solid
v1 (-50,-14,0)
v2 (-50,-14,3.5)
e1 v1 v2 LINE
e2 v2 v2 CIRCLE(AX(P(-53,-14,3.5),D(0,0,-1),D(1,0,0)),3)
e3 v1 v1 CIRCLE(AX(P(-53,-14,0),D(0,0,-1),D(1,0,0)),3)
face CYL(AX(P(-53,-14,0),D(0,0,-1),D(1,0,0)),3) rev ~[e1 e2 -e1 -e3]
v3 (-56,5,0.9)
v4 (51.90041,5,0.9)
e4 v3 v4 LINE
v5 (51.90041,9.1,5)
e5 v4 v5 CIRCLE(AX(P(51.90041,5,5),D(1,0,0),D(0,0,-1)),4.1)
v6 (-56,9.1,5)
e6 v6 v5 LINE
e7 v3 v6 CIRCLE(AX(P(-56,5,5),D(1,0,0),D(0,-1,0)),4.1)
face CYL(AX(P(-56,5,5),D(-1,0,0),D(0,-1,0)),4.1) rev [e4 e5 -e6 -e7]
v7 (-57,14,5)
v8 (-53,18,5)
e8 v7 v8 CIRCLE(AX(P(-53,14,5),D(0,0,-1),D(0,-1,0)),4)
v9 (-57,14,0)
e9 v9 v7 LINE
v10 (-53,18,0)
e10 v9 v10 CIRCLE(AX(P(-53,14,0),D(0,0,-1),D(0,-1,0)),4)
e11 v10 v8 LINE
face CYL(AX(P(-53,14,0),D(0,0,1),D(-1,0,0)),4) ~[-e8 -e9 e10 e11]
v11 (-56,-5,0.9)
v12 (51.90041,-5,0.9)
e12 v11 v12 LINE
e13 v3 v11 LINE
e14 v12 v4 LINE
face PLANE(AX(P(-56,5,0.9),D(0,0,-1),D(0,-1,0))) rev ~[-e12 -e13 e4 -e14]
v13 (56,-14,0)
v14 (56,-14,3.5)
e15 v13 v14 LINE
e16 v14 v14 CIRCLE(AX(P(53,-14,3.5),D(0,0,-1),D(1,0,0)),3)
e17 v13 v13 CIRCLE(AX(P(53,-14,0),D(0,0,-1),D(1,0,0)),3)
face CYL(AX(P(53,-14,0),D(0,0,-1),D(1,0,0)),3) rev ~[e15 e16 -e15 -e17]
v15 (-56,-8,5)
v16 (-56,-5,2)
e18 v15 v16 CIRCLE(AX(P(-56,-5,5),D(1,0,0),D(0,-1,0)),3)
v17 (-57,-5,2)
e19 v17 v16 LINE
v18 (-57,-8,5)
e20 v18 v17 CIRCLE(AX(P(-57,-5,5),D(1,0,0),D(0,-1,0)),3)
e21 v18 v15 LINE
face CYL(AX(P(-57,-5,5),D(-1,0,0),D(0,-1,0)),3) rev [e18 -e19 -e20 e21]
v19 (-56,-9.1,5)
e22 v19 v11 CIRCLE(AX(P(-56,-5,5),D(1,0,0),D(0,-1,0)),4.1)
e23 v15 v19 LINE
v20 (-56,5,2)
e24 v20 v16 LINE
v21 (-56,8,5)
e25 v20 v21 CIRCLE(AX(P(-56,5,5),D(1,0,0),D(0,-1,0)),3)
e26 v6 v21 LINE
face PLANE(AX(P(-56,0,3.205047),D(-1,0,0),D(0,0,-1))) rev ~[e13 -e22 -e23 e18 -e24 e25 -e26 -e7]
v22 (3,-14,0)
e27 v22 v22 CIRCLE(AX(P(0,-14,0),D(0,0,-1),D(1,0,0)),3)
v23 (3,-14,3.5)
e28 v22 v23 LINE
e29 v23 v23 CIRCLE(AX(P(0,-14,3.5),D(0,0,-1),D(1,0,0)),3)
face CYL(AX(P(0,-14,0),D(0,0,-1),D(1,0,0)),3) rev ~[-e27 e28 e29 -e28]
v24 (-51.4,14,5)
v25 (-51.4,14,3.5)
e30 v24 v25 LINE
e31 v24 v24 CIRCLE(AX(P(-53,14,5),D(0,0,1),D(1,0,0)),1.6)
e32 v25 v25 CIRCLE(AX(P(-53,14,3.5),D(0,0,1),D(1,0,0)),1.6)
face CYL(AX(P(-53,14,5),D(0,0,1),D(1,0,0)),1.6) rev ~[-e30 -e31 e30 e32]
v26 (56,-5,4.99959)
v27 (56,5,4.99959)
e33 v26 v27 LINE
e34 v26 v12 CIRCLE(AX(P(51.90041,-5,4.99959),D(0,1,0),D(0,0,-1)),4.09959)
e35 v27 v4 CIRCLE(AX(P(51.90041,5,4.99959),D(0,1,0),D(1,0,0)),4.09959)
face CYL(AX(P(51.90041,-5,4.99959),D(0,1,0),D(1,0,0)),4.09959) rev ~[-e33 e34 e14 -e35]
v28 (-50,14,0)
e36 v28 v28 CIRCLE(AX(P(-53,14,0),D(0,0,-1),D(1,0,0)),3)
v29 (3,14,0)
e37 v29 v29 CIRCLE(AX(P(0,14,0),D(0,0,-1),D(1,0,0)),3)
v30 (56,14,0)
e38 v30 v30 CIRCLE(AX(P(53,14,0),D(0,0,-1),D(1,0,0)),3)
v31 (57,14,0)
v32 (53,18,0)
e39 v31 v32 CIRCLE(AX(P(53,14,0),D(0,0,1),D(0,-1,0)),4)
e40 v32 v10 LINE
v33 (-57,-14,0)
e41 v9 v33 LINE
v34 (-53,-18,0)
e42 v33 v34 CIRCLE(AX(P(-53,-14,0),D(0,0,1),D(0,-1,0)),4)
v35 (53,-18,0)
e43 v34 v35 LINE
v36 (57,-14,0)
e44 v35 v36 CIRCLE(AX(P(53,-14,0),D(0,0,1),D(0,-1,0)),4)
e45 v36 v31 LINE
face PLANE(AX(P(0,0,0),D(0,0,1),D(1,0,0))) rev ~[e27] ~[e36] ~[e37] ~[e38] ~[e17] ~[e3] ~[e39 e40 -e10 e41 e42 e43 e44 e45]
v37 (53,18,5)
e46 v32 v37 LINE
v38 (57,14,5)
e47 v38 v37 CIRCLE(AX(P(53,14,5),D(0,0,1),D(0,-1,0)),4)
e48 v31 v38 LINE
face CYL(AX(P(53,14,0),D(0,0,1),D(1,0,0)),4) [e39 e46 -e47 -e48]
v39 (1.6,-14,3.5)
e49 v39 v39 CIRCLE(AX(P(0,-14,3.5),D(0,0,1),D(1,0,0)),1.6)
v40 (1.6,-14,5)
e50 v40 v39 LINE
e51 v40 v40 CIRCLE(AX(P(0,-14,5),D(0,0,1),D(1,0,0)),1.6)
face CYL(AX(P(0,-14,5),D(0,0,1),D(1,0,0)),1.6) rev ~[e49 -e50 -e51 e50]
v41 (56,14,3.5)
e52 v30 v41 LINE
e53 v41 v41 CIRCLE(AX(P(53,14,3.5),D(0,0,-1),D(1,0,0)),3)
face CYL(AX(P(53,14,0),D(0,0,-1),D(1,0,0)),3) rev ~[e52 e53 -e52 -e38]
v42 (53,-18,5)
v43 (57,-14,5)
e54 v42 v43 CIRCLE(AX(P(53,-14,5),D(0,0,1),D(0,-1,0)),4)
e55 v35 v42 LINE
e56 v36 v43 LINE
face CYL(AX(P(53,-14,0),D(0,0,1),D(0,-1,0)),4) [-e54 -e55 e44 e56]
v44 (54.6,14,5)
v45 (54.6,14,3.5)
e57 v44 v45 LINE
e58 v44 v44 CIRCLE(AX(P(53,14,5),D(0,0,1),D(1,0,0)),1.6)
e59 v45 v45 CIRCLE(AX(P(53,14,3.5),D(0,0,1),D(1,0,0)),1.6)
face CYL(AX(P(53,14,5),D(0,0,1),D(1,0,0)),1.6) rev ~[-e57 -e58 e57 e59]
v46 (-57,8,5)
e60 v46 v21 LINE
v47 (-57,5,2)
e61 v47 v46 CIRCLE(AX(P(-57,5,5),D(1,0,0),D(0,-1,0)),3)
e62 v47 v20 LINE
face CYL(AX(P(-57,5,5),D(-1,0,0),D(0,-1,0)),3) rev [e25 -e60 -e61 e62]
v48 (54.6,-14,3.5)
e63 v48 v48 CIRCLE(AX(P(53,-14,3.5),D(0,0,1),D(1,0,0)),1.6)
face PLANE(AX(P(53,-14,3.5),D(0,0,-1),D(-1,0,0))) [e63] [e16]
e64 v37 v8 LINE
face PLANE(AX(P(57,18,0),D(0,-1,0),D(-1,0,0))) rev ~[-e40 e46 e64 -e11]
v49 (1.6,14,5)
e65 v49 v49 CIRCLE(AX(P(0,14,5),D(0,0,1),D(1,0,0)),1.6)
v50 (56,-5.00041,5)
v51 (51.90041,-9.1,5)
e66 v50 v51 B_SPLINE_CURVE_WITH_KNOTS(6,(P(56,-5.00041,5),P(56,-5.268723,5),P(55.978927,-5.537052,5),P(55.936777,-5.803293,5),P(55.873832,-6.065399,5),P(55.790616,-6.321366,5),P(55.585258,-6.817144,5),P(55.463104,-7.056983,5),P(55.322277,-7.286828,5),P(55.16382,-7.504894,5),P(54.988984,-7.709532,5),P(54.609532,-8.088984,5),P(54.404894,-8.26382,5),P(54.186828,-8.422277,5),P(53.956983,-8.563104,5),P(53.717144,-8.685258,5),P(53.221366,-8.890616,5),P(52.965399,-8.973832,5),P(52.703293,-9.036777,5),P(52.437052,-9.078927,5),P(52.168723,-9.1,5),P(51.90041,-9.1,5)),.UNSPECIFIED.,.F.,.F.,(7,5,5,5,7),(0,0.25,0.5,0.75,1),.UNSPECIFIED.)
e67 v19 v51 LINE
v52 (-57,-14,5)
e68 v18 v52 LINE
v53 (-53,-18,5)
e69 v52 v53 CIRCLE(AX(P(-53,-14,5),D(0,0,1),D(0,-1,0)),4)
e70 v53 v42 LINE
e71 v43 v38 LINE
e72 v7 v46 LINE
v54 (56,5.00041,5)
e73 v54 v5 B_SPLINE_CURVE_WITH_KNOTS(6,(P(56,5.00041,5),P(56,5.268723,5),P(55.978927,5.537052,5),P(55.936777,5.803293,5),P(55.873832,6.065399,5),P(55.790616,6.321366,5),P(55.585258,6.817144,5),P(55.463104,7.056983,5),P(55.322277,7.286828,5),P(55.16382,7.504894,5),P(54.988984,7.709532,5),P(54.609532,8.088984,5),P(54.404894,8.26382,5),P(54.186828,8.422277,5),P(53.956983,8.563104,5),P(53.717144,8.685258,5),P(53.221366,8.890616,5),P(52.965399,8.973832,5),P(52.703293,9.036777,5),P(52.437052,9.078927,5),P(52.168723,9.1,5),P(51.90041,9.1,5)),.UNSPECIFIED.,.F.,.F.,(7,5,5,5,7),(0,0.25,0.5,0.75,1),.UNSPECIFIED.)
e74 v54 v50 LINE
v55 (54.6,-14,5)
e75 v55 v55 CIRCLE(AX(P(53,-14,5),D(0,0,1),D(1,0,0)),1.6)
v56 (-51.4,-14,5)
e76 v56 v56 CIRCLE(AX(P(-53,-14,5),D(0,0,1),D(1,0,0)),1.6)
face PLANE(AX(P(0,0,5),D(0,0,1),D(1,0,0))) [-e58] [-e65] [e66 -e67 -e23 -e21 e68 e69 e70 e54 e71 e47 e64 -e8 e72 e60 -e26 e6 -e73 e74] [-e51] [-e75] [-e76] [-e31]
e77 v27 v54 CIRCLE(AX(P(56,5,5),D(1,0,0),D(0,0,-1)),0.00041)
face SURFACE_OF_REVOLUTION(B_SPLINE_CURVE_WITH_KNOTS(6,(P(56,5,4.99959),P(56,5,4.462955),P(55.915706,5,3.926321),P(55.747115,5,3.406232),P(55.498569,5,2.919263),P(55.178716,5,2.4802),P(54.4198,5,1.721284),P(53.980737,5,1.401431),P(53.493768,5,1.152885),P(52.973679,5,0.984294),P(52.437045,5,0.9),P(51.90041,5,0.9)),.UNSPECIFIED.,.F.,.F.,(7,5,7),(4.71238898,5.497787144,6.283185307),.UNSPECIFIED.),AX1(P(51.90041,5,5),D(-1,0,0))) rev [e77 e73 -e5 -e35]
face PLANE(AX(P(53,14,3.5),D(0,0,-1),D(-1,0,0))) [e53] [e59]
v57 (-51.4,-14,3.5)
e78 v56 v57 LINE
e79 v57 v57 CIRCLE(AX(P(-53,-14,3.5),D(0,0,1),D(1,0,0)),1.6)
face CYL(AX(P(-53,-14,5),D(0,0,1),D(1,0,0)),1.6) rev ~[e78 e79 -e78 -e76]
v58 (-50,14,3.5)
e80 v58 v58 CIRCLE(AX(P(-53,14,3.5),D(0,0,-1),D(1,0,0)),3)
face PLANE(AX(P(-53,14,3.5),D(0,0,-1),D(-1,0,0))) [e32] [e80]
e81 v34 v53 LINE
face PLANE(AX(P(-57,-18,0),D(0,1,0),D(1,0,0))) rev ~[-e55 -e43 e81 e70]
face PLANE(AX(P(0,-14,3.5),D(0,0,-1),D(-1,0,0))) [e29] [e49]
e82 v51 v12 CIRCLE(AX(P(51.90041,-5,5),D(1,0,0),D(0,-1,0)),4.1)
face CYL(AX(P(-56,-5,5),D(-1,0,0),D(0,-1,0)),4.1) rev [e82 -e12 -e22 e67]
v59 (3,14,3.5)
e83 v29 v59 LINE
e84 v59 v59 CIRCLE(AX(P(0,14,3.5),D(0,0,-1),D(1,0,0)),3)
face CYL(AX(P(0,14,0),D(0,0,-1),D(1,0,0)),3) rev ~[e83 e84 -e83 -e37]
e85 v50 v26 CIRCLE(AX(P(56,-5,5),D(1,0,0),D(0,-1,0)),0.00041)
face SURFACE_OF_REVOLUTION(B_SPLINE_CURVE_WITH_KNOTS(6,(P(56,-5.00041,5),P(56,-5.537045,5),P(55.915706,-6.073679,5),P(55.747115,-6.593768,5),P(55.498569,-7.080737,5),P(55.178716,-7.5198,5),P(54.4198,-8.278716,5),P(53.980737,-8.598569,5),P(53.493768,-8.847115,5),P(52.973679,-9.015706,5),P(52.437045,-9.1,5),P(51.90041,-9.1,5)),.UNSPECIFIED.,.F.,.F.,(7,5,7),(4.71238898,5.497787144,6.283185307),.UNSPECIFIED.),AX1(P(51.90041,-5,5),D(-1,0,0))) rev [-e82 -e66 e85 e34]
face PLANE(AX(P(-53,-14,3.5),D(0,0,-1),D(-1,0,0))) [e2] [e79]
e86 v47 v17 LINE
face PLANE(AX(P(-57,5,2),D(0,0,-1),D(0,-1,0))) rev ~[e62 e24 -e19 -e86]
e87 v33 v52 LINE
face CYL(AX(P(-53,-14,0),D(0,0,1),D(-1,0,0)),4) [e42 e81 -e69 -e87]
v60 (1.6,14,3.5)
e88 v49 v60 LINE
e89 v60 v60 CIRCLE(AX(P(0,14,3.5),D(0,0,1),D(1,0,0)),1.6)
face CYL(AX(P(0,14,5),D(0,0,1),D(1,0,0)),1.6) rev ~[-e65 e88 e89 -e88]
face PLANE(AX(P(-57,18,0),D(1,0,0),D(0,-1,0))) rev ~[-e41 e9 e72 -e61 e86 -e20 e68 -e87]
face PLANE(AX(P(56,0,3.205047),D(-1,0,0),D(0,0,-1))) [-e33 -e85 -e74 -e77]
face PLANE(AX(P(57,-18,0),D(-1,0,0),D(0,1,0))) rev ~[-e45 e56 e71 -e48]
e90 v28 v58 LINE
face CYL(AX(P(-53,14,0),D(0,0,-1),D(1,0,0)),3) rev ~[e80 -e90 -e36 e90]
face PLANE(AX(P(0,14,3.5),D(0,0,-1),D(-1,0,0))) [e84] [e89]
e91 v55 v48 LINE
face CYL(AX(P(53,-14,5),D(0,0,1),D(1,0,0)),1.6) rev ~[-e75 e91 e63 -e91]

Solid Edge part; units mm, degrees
sketch "Sketch1" plane through (0, 0, 0) normal (0, 0, 1) x (1, 0, 0)
  line L0 (57, -18) -> (57, 18)
  line L1 (57, 18) -> (-57, 18)
  line L2 (-57, 18) -> (-57, -18)
  line L3 (-57, -18) -> (57, -18)
extrude "Protrusion1" add sketch "Sketch1" along normal blind 5
sketch "Sketch2" plane through (-57, 0, 2.5) normal (-1, 0, 0) x (0, -1, 0)
  line L0 (-5, -0.5) -> (5, -0.5)
  line L1 (-8, 2.5) -> (8, 2.5)
  arc A0 (8, 2.5) -> (5, -0.5) centre (5, 2.5) cw
  arc A1 (-5, -0.5) -> (-8, 2.5) centre (-5, 2.5) cw
extrude "VaciadoExtruido_2" cut sketch "Sketch2" against normal blind 1
sketch "Sketch3" plane through (-56, 0, 2.5) normal (-1, 0, 0) x (0, -1, 0)
  line L0 (-5, -1.6) -> (5, -1.6)
  line L1 (-9.1, 2.5) -> (9.1, 2.5)
  arc A0 (9.1, 2.5) -> (5, -1.6) centre (5, 2.5) cw
  arc A1 (-5, -1.6) -> (-9.1, 2.5) centre (-5, 2.5) cw
extrude "VaciadoExtruido_3" cut sketch "Sketch3" against normal blind 112
fillet "Redondeo_3" radius 4.1 3 edges at (56, 7.8991, 2.1009) (56, -7.8991, 2.1009) (56, 0, 0.9)
sketch "Sketch4" plane through (0, 0, 5) normal (0, 0, 1) x (1, 0, 0)
  circle A0 centre (-53, 14) radius 1.6
extrude "Cutout1" cut sketch "Sketch4" against normal through all
sketch "Sketch5" plane through (0, 0, 0) normal (0, 0, -1) x (1, 0, 0)
  circle A0 centre (-53, -14) radius 3
extrude "VaciadoExtruido_5" cut sketch "Sketch5" against normal blind 3.5
pattern_linear "Pattern1" count 3 spacing 53 along (1, 0, 0) count 2 spacing 28 along (0, -1, 0) of "VaciadoExtruido_5", "Cutout1"
fillet "Redondeo_4" radius 4 4 edges at (-57, 18, 2.5) (-57, -18, 2.5) (57, 18, 2.5) (57, -18, 2.5)
